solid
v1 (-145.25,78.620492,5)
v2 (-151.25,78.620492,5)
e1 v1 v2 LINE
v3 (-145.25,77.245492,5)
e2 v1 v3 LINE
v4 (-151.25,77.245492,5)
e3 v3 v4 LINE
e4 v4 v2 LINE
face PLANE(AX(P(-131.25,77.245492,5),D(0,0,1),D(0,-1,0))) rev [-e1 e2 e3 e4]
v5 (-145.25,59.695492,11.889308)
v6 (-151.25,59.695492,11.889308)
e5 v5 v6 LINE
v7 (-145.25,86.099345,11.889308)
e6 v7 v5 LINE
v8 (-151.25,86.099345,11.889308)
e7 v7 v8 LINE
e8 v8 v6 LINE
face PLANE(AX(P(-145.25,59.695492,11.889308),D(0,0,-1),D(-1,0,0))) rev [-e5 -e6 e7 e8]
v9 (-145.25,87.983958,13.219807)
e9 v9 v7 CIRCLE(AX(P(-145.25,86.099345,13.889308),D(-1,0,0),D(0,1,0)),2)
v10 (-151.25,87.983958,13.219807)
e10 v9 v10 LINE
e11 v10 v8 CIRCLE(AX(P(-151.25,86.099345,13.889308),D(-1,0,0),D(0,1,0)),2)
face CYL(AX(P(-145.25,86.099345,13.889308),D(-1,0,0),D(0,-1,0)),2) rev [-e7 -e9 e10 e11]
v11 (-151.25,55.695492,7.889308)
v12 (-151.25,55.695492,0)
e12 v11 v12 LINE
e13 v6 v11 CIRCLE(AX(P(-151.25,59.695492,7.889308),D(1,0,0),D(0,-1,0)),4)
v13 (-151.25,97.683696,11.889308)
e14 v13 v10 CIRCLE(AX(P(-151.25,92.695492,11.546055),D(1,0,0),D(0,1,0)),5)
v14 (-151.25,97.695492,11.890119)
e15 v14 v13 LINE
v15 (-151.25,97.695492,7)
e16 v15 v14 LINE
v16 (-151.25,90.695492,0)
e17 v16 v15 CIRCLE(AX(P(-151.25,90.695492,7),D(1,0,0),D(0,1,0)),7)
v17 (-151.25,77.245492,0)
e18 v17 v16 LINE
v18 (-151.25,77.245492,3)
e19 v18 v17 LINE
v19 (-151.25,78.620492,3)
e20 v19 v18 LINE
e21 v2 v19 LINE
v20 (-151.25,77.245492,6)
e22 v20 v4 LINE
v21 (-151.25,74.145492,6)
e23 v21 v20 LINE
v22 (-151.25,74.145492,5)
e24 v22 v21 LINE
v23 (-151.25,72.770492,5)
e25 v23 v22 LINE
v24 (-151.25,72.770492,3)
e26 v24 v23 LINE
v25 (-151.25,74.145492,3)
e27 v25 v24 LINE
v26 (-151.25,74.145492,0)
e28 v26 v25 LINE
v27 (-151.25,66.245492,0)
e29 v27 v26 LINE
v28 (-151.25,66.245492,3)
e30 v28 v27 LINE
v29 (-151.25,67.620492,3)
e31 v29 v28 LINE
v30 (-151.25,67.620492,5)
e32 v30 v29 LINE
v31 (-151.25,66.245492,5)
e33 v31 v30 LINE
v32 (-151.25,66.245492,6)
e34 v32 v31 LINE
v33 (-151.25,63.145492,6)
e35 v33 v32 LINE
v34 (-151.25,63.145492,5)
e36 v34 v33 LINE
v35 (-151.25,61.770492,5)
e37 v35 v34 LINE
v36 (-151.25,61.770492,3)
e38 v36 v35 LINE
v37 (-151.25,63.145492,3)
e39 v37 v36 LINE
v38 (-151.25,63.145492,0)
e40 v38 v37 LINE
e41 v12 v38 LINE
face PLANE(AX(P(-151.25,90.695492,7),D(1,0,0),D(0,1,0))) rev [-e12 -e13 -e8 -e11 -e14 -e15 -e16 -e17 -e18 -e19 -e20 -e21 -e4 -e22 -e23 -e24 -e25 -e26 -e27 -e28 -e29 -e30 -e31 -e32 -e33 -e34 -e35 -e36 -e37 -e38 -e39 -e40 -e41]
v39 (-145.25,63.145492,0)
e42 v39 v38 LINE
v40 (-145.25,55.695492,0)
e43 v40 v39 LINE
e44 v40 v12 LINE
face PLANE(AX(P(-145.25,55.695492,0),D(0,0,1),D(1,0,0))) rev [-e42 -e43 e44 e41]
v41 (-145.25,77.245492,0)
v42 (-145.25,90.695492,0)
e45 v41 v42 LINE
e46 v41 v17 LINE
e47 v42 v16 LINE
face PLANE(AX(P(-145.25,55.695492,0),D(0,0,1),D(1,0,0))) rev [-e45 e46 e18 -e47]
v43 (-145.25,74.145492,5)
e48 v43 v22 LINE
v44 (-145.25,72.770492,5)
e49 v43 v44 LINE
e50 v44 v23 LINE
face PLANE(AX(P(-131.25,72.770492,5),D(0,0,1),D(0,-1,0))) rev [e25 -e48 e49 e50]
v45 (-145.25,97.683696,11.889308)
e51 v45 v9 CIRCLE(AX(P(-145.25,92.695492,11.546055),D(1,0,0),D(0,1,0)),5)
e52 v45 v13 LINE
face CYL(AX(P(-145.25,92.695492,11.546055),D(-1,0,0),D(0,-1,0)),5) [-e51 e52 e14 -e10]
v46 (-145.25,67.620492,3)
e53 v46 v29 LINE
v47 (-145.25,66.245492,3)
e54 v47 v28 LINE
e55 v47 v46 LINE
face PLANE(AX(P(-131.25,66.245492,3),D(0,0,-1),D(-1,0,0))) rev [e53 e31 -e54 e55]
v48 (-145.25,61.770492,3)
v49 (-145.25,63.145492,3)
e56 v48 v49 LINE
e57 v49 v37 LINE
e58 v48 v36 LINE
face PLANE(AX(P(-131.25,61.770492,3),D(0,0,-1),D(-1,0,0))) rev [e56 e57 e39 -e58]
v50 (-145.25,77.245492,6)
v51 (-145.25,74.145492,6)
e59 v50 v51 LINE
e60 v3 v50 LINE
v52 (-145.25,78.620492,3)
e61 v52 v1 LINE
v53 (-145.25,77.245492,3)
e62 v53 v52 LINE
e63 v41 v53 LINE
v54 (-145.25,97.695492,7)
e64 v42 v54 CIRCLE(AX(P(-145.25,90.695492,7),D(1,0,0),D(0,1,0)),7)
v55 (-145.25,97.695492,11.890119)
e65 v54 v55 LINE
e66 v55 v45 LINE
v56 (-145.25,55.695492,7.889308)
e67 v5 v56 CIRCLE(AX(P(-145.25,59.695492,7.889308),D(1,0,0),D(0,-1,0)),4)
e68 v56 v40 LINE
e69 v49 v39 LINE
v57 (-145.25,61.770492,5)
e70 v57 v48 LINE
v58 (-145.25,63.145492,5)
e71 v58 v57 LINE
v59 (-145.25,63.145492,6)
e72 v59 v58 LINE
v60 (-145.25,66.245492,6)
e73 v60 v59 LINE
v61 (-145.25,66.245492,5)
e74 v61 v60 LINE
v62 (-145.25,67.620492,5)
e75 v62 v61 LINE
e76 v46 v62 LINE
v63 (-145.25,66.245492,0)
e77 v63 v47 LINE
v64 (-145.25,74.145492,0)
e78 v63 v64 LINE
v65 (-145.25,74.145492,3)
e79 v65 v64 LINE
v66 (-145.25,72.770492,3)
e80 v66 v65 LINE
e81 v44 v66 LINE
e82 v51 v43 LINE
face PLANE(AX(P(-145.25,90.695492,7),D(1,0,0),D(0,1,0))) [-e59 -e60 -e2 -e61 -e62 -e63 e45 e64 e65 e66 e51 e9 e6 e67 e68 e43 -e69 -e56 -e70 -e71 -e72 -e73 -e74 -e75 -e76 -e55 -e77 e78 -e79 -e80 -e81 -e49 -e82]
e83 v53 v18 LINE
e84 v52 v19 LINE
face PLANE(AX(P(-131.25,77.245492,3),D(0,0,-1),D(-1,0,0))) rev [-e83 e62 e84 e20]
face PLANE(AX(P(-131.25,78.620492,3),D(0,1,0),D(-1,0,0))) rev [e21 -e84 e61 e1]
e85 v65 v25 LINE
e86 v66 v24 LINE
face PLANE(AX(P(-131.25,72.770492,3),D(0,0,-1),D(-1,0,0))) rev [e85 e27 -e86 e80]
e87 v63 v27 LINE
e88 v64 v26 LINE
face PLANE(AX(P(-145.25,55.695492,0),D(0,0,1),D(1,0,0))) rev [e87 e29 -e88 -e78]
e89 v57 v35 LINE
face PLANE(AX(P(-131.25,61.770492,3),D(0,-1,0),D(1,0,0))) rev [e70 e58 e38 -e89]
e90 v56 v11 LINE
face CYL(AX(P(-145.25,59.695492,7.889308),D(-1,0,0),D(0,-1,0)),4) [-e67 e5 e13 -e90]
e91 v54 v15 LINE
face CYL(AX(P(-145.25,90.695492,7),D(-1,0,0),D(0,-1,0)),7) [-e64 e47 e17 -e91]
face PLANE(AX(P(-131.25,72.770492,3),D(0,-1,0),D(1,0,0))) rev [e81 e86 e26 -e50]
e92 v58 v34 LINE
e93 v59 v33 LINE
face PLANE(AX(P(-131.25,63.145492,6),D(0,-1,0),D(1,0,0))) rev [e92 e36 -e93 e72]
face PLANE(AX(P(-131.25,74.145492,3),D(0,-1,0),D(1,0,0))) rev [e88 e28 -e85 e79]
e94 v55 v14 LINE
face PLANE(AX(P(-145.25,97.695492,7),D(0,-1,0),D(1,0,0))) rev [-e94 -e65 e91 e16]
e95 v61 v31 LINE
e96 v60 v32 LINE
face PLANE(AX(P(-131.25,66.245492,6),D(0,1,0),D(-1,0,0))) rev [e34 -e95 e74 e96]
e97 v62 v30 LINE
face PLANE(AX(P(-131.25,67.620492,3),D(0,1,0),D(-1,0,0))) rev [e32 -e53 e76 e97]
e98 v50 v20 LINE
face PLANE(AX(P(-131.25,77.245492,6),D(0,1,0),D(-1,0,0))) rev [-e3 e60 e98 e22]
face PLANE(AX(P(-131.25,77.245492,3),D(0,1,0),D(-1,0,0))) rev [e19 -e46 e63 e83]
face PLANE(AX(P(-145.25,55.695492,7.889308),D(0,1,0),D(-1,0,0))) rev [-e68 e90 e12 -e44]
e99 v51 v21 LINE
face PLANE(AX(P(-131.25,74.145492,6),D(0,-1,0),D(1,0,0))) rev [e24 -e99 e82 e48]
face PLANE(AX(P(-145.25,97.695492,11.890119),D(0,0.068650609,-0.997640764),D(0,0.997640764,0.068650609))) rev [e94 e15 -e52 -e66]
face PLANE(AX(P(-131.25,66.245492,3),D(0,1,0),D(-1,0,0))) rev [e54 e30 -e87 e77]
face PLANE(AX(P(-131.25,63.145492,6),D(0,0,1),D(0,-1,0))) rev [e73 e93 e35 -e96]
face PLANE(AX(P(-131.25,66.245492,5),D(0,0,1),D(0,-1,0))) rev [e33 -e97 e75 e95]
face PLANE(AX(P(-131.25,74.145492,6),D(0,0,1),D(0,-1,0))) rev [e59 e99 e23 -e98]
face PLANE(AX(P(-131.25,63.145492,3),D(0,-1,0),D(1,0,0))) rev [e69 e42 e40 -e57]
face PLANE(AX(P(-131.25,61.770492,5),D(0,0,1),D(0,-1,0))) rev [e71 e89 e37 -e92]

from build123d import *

# Parameters (mm, degrees)
DODANIE_WYCI_GNI_CIE5_DEPTH = 6
WYTNIJ_WYCI_GNI_CIE1_DEPTH  = 20
SZYK_LINIOWY1_COUNT         = 2
SZYK_LINIOWY1_PITCH         = 11


with BuildPart() as part:
    # Szkic8 → Dodanie-wyciągnięcie5 (new body)
    with BuildSketch(Plane(origin=(-151.25, 2.463759923, 0), x_dir=(0, 0, -1), z_dir=(1, 0, 0))):
        with BuildLine():
            Line((0, 53.231732465), (0, 88.231732465))
            ThreePointArc((0, 88.231732465), (-2.050252532, 93.181479934), (-7, 95.231732465))
            Line((-7, 95.231732465), (-11.890119353, 95.231732465))
            Line((-11.890119353, 95.231732465), (-11.889307623, 95.219936285))
            ThreePointArc((-11.889307623, 95.219936285), (-16.499670074, 90.911212793), (-13.219806753, 85.520198357))
            ThreePointArc((-13.219806753, 85.520198357), (-12.255446898, 84.789057353), (-11.889307623, 83.635584713))
            Line((-11.889307623, 83.635584713), (-11.889307623, 57.231732465))
            ThreePointArc((-11.889307623, 57.231732465), (-10.717734748, 54.403305341), (-7.889307623, 53.231732465))
            Line((-7.889307623, 53.231732465), (0, 53.231732465))
        make_face()
    extrude(amount=DODANIE_WYCI_GNI_CIE5_DEPTH)

    # Szkic2 → Wytnij-wyciągnięcie1 (cut)
    with BuildSketch(Plane(origin=(-151.25, 155.607400163, 0), x_dir=(0, 0, -1), z_dir=(-1, 0, 0))):
        Polygon((-6, 81.461907774), (-6, 78.361907774), (-5, 78.361907774), (-5, 76.986907774), (-3, 76.986907774), (-3, 78.361907774), (0, 78.361907774), (0, 81.461907774), (-3, 81.461907774), (-3, 82.836907774), (-5, 82.836907774), (-5, 81.461907774), align=None)
    wytnij_wyci_gni_cie1 = extrude(amount=-WYTNIJ_WYCI_GNI_CIE1_DEPTH, mode=Mode.SUBTRACT)

    # Szyk liniowy1: Wytnij-wyciągnięcie1 ×2
    with Locations(*[(0, -i * SZYK_LINIOWY1_PITCH, 0) for i in range(1, SZYK_LINIOWY1_COUNT)]):
        add(wytnij_wyci_gni_cie1, mode=Mode.SUBTRACT)


solid = part.part
